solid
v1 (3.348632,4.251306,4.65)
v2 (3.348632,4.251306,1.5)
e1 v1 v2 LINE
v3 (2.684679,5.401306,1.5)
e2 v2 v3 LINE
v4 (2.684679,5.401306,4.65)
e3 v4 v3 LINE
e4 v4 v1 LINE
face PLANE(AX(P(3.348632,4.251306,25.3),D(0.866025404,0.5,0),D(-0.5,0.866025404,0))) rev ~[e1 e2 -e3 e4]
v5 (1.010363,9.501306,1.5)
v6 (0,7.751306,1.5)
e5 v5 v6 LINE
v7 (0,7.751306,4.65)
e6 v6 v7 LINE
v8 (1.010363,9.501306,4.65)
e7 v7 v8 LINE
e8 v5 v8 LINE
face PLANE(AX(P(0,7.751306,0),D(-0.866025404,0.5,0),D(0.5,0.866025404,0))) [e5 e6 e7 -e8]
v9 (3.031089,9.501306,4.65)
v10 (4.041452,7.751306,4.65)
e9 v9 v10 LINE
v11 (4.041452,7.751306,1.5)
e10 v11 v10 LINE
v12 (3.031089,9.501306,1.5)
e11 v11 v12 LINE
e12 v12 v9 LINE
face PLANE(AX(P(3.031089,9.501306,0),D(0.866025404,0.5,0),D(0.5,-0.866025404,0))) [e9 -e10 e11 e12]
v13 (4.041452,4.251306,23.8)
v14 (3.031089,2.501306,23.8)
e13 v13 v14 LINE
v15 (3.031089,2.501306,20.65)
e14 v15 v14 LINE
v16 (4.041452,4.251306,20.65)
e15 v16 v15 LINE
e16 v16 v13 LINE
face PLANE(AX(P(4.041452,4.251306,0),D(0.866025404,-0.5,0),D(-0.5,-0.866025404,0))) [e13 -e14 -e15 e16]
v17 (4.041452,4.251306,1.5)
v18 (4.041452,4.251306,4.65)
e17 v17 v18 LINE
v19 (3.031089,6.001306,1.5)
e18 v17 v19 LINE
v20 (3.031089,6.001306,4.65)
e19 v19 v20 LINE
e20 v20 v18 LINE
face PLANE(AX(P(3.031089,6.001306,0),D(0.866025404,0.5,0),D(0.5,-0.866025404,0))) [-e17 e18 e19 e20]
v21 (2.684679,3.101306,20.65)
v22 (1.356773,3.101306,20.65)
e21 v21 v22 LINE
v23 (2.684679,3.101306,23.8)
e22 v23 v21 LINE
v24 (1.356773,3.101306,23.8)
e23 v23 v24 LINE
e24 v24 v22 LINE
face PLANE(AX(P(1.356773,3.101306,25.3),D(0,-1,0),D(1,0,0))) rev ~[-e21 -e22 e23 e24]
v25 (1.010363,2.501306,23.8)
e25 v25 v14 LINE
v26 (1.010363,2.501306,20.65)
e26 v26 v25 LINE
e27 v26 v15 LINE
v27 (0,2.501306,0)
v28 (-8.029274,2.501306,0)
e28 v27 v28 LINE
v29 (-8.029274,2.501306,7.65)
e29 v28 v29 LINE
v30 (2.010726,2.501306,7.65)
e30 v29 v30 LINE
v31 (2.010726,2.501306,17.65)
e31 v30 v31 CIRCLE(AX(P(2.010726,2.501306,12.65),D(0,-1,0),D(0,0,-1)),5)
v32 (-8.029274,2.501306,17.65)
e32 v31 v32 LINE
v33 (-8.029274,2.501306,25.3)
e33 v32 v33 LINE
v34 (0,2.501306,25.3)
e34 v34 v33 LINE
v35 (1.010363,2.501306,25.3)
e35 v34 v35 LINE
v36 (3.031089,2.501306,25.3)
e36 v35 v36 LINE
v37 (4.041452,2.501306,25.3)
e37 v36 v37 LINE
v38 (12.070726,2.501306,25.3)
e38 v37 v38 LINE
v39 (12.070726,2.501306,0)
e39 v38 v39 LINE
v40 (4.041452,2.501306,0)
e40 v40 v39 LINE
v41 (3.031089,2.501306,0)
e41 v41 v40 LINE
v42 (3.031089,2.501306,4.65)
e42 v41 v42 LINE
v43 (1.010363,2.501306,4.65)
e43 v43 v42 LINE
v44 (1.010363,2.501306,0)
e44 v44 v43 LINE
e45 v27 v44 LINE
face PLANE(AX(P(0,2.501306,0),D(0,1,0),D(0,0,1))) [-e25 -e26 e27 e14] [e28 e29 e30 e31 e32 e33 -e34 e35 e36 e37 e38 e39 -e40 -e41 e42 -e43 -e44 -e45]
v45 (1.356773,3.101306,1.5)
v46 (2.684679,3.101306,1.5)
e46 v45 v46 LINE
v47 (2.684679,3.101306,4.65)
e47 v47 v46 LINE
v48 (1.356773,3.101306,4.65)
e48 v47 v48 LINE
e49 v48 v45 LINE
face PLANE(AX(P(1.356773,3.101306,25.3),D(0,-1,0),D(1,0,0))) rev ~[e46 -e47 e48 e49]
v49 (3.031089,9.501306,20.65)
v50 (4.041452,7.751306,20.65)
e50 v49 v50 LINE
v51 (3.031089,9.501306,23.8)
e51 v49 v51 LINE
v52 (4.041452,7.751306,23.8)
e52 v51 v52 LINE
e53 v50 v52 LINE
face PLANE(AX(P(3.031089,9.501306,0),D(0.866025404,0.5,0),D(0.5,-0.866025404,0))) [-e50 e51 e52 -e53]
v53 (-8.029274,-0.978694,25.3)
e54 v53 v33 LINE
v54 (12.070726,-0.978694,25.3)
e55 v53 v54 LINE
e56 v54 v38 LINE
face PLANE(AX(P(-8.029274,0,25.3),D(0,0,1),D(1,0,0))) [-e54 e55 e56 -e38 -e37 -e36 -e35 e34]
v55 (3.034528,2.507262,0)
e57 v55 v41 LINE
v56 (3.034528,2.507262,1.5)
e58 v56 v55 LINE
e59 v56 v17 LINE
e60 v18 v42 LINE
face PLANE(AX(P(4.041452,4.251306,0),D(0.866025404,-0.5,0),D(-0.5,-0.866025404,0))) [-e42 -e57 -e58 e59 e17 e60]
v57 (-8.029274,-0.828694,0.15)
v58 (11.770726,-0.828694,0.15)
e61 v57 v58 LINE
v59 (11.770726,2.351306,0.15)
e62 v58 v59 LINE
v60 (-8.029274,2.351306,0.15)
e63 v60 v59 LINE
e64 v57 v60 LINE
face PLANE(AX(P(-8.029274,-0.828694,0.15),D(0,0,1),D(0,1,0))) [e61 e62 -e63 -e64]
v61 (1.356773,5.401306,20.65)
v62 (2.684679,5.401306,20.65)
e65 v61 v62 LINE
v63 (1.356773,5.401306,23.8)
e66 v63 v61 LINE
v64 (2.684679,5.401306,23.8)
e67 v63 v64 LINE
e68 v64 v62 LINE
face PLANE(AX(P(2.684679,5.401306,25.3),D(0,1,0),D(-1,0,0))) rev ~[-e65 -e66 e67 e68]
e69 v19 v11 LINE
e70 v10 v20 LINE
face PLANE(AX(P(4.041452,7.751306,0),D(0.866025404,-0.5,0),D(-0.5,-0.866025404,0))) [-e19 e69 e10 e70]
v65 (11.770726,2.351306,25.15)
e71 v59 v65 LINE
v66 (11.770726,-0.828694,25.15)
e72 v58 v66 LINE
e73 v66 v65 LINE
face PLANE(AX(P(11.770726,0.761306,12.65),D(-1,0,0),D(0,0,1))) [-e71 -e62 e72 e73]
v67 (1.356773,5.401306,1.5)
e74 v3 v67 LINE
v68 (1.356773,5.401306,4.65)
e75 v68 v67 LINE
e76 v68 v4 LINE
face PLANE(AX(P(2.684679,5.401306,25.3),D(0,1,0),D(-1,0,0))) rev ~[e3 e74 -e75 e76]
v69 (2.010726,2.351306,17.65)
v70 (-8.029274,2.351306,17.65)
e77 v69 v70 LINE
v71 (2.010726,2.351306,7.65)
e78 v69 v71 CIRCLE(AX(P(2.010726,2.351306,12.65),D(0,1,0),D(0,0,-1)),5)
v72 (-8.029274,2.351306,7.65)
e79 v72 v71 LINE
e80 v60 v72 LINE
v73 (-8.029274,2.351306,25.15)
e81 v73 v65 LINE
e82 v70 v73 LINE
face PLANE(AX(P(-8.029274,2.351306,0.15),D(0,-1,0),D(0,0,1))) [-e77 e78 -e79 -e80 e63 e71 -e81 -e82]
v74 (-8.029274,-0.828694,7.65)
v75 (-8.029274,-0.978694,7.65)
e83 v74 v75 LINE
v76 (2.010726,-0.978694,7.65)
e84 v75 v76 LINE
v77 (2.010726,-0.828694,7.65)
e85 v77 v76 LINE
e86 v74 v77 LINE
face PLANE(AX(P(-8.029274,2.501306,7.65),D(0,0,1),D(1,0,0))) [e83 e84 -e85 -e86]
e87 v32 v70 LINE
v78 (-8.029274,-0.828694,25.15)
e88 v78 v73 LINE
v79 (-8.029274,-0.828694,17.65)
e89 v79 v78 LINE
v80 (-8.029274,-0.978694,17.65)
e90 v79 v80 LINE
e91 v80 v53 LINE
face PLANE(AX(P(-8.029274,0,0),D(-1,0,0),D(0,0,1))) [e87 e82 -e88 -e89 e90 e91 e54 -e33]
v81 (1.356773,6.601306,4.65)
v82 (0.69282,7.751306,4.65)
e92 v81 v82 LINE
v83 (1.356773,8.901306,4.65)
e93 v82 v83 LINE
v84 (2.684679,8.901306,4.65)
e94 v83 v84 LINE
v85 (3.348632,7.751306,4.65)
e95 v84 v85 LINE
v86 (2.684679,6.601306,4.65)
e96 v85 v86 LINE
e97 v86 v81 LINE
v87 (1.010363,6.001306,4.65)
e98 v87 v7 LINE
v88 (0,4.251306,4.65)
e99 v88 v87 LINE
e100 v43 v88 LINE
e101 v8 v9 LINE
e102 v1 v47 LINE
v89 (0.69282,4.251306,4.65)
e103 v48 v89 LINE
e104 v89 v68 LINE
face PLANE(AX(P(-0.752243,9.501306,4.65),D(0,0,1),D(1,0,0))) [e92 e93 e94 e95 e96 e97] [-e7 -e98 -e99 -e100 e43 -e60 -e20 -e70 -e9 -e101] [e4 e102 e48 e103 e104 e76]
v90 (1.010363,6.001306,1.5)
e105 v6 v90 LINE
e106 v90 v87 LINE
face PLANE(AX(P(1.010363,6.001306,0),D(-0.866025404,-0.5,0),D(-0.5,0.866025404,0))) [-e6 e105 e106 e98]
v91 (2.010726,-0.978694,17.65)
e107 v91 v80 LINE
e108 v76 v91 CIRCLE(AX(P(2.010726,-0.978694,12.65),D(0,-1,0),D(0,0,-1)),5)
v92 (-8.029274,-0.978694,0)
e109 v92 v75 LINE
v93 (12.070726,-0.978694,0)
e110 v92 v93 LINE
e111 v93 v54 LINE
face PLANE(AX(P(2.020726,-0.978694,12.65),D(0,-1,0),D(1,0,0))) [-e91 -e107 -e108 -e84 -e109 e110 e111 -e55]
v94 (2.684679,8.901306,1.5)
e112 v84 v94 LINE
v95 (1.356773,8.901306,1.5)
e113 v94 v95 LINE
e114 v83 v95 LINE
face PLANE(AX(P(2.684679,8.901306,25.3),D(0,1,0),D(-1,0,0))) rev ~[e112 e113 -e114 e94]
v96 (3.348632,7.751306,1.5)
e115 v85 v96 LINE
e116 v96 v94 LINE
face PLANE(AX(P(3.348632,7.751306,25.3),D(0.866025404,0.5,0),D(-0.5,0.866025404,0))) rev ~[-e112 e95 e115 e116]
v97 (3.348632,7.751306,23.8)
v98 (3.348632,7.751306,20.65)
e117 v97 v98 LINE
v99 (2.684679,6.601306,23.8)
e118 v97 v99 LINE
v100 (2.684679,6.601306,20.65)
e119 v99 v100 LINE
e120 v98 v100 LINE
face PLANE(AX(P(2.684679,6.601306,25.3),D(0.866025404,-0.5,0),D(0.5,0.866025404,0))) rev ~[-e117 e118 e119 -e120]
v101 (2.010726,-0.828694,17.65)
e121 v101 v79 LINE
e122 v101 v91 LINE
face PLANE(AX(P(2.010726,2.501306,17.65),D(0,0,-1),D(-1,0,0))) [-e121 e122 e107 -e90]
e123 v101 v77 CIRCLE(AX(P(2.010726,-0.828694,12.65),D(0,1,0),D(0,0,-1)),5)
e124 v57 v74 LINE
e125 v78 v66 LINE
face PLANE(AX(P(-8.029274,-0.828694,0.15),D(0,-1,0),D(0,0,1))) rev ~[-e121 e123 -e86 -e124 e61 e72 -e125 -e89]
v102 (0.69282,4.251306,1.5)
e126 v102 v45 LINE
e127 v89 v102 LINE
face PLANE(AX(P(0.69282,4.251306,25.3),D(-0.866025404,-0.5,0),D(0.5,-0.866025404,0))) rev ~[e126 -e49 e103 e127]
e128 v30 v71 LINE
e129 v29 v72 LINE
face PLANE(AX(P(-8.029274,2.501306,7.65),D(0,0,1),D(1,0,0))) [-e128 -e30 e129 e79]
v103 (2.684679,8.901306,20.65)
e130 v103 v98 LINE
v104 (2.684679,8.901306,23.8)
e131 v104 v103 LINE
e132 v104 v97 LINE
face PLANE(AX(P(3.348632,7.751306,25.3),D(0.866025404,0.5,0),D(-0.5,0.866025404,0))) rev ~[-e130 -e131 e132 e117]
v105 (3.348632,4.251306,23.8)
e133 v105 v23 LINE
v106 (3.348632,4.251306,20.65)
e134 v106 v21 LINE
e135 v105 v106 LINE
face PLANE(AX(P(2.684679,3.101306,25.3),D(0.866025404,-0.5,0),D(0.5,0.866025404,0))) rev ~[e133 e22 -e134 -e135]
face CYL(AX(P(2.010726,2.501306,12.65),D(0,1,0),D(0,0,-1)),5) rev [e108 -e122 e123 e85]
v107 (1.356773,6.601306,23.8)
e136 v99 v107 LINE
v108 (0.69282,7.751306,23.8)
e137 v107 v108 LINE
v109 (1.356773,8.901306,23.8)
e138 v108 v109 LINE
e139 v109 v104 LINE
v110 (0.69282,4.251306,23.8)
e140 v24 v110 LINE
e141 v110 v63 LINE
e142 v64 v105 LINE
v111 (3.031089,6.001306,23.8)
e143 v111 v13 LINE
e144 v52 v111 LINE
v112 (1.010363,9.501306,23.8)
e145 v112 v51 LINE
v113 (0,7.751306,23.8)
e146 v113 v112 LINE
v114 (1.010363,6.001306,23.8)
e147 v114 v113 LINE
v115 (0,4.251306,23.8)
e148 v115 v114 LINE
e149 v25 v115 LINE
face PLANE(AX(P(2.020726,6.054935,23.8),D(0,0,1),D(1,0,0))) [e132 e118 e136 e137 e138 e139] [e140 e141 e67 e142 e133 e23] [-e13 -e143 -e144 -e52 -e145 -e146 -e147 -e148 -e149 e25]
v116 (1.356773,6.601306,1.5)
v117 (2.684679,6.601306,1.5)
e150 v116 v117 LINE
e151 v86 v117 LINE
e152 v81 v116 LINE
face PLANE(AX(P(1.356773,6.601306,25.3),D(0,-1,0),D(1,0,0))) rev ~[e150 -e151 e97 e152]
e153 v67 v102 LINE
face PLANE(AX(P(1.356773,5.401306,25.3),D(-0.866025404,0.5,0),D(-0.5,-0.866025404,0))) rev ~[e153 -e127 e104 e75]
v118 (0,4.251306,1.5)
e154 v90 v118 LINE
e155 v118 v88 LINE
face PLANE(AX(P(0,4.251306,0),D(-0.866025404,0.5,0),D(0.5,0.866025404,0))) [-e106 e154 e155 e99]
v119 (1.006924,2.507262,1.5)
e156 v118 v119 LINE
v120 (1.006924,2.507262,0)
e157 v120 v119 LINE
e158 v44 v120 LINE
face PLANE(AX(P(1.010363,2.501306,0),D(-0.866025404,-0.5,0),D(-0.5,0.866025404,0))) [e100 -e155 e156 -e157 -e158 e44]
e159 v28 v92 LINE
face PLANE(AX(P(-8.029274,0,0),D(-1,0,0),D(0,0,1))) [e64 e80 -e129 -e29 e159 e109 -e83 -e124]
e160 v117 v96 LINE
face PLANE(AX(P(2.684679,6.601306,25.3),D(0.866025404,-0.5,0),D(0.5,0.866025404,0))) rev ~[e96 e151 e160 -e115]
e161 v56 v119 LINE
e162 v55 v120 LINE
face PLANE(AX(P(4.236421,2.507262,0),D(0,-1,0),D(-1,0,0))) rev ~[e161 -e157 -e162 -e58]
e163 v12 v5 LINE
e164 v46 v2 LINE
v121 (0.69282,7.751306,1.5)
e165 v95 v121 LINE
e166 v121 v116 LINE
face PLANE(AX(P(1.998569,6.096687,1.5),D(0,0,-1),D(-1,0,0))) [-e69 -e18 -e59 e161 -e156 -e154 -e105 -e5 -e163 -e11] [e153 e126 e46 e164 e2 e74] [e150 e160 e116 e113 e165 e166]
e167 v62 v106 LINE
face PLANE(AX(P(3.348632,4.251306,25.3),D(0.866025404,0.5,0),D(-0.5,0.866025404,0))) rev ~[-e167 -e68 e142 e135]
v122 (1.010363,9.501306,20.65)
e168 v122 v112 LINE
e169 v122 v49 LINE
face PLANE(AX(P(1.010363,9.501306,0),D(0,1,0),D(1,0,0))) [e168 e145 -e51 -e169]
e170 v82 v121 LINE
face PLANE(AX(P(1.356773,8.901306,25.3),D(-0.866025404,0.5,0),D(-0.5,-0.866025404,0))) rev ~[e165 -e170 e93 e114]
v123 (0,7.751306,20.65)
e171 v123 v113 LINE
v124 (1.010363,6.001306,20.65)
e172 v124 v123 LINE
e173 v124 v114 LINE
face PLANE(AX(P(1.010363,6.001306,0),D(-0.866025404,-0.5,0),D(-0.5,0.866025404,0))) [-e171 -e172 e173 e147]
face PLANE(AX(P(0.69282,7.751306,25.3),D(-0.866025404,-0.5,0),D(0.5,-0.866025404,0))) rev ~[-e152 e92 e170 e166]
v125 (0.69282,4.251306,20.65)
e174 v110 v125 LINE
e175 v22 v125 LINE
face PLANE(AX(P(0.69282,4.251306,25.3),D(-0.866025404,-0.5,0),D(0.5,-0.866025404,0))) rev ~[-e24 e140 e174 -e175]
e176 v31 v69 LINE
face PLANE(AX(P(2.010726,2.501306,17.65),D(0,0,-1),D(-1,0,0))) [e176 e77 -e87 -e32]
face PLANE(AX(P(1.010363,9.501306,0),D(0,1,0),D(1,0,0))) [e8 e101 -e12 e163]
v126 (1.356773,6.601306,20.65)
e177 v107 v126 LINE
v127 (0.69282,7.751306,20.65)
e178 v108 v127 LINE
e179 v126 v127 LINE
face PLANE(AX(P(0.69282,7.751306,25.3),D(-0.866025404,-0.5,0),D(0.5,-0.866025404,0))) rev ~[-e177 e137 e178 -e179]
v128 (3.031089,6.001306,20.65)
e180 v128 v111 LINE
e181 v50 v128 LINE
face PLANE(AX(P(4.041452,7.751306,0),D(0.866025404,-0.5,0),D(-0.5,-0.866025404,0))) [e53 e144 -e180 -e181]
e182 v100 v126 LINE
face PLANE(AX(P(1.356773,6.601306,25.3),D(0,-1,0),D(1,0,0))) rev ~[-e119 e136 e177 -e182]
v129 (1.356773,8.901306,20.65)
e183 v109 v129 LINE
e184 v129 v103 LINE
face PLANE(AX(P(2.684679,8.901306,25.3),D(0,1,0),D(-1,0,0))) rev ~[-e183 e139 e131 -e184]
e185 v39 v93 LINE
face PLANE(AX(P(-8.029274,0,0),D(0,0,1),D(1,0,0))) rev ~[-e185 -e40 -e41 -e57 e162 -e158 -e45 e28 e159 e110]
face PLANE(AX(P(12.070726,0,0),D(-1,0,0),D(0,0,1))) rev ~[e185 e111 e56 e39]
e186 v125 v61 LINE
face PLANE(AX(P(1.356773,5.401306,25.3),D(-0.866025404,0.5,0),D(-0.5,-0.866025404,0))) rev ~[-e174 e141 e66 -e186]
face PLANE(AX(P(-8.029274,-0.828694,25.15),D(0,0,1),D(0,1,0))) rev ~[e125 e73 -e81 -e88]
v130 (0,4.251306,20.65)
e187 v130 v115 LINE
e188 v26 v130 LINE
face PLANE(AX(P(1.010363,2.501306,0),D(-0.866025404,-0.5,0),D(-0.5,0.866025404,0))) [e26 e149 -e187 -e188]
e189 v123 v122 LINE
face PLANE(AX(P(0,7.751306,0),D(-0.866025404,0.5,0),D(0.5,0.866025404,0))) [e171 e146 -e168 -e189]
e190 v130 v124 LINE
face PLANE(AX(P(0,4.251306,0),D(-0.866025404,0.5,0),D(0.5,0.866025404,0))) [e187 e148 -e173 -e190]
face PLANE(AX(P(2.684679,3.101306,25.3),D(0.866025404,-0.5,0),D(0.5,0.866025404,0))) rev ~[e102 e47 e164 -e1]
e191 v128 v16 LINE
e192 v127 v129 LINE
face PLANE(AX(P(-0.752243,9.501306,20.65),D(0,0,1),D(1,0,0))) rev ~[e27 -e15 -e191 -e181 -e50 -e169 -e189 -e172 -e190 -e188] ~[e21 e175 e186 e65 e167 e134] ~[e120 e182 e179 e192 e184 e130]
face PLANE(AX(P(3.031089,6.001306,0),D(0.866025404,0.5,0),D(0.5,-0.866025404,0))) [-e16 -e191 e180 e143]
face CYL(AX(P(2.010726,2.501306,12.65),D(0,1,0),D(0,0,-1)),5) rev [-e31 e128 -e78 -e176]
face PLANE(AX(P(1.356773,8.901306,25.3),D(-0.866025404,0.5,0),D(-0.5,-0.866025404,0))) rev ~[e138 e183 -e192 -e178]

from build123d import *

# Parameters (mm, degrees)
BOSS_EXTRUDE1_DEPTH = 25.3
CUT_EXTRUDE1_DEPTH  = 25.3
SKETCH14_W          = 4.475703298
SKETCH14_H          = 7.178850836
CUT_EXTRUDE6_DEPTH  = 1.5
SKETCH15_W          = 4.041452
SKETCH15_H          = 7.107257799
CUT_EXTRUDE7_DEPTH  = 1.5
SKETCH16_W          = 5.309940562
SKETCH16_H          = 16
CUT_EXTRUDE8_DEPTH  = 7
SKETCH17_W          = 25.3
SKETCH17_H          = 2.501305671
BOSS_EXTRUDE2_DEPTH = 8.029274
SKETCH18_W          = 25.3
SKETCH18_H          = 2.501305671
BOSS_EXTRUDE3_DEPTH = 8.029274
SKETCH20_W          = 20.1
SKETCH20_H          = 25.3
BOSS_EXTRUDE4_DEPTH = 0.978694
CUT_EXTRUDE9_DEPTH  = 3.48
SKETCH22_W          = 25
SKETCH22_H          = 3.18
CUT_EXTRUDE10_DEPTH = 19.8


with BuildPart() as part:
    # Sketch2 → Boss-Extrude1 (new body)
    with BuildSketch(Plane.XY):
        Polygon((3.031088942, 2.501305671), (4.041452, 2.501305671), (4.041452, 0), (0, 0), (0, 2.501305671), (1.010363, 2.501305671), (2.9e-08, 4.251305671), (1.010363, 6.001305671), (2.9e-08, 7.751305671), (1.010363, 9.501305671), (3.031088942, 9.501305671), (4.041451913, 7.751305671), (3.031088942, 6.001305671), (4.041451913, 4.251305671), align=None)
    extrude(amount=BOSS_EXTRUDE1_DEPTH)

    # Sketch3 → Cut-Extrude1 (cut)
    with BuildSketch(Plane.XY.offset(25.3)):
        Polygon((3.34863159, 7.751305671), (2.684678781, 8.901305671), (1.356773162, 8.901305671), (0.692820352, 7.751305671), (1.356773162, 6.601305671), (2.684678781, 6.601305671), align=None)
        Polygon((3.34863159, 4.251305671), (2.684678781, 5.401305671), (1.356773162, 5.401305671), (0.692820352, 4.251305671), (1.356773162, 3.101305671), (2.684678781, 3.101305671), align=None)
    extrude(amount=-CUT_EXTRUDE1_DEPTH, mode=Mode.SUBTRACT)

    # Sketch14 → Cut-Extrude6 (cut)
    with BuildSketch(Plane(origin=(0, 0, 0), x_dir=(-1, 0, 0), z_dir=(0, 0, -1))):
        with Locations((-1.998569053, 6.096687367)):
            Rectangle(SKETCH14_W, SKETCH14_H)
    extrude(amount=-CUT_EXTRUDE6_DEPTH, mode=Mode.SUBTRACT)

    # Sketch15 → Cut-Extrude7 (cut)
    with BuildSketch(Plane.XY.offset(25.3)):
        with Locations((2.020726, 6.054934571)):
            Rectangle(SKETCH15_W, SKETCH15_H)
    extrude(amount=-CUT_EXTRUDE7_DEPTH, mode=Mode.SUBTRACT)

    # Sketch16 → Cut-Extrude8 (cut)
    with BuildSketch(Plane(origin=(0, 9.501305671, 0), x_dir=(1, 0, 0), z_dir=(0, 1, 0))):
        with Locations((1.902727321, -12.65)):
            Rectangle(SKETCH16_W, SKETCH16_H)
    extrude(amount=-CUT_EXTRUDE8_DEPTH, mode=Mode.SUBTRACT)

    # Sketch17 → Boss-Extrude2 (add)
    with BuildSketch(Plane(origin=(4.041452, 0, 0), x_dir=(0, 0, -1), z_dir=(1, 0, 0))):
        with Locations((-12.65, 1.250652836)):
            Rectangle(SKETCH17_W, SKETCH17_H)
    extrude(amount=BOSS_EXTRUDE2_DEPTH)

    # Sketch18 → Boss-Extrude3 (add)
    with BuildSketch(Plane.ZY):
        with Locations((12.65, 1.250652836)):
            Rectangle(SKETCH18_W, SKETCH18_H)
    extrude(amount=BOSS_EXTRUDE3_DEPTH)

    # Sketch20 → Boss-Extrude4 (add)
    with BuildSketch(Plane.XZ):
        with Locations((2.020726, 12.65)):
            Rectangle(SKETCH20_W, SKETCH20_H)
    extrude(amount=BOSS_EXTRUDE4_DEPTH)

    # Sketch21 → Cut-Extrude9 (cut)
    with BuildSketch(Plane(origin=(0, 2.501305671, 0), x_dir=(1, 0, 0), z_dir=(0, 1, 0))):
        with BuildLine():
            Line((-8.029274, -7.65), (2.010726, -7.65))
            ThreePointArc((2.010726, -7.65), (7.010726, -12.65), (2.010726, -17.65))
            Line((2.010726, -17.65), (-8.029274, -17.65))
            Line((-8.029274, -17.65), (-8.029274, -7.65))
        make_face()
    extrude(amount=-CUT_EXTRUDE9_DEPTH, mode=Mode.SUBTRACT)

    # Sketch22 → Cut-Extrude10 (cut)
    with BuildSketch(Plane.ZY.offset(8.029274)):
        with Locations((12.65, 0.761305671)):
            Rectangle(SKETCH22_W, SKETCH22_H)
    extrude(amount=-CUT_EXTRUDE10_DEPTH, mode=Mode.SUBTRACT)


solid = part.part
